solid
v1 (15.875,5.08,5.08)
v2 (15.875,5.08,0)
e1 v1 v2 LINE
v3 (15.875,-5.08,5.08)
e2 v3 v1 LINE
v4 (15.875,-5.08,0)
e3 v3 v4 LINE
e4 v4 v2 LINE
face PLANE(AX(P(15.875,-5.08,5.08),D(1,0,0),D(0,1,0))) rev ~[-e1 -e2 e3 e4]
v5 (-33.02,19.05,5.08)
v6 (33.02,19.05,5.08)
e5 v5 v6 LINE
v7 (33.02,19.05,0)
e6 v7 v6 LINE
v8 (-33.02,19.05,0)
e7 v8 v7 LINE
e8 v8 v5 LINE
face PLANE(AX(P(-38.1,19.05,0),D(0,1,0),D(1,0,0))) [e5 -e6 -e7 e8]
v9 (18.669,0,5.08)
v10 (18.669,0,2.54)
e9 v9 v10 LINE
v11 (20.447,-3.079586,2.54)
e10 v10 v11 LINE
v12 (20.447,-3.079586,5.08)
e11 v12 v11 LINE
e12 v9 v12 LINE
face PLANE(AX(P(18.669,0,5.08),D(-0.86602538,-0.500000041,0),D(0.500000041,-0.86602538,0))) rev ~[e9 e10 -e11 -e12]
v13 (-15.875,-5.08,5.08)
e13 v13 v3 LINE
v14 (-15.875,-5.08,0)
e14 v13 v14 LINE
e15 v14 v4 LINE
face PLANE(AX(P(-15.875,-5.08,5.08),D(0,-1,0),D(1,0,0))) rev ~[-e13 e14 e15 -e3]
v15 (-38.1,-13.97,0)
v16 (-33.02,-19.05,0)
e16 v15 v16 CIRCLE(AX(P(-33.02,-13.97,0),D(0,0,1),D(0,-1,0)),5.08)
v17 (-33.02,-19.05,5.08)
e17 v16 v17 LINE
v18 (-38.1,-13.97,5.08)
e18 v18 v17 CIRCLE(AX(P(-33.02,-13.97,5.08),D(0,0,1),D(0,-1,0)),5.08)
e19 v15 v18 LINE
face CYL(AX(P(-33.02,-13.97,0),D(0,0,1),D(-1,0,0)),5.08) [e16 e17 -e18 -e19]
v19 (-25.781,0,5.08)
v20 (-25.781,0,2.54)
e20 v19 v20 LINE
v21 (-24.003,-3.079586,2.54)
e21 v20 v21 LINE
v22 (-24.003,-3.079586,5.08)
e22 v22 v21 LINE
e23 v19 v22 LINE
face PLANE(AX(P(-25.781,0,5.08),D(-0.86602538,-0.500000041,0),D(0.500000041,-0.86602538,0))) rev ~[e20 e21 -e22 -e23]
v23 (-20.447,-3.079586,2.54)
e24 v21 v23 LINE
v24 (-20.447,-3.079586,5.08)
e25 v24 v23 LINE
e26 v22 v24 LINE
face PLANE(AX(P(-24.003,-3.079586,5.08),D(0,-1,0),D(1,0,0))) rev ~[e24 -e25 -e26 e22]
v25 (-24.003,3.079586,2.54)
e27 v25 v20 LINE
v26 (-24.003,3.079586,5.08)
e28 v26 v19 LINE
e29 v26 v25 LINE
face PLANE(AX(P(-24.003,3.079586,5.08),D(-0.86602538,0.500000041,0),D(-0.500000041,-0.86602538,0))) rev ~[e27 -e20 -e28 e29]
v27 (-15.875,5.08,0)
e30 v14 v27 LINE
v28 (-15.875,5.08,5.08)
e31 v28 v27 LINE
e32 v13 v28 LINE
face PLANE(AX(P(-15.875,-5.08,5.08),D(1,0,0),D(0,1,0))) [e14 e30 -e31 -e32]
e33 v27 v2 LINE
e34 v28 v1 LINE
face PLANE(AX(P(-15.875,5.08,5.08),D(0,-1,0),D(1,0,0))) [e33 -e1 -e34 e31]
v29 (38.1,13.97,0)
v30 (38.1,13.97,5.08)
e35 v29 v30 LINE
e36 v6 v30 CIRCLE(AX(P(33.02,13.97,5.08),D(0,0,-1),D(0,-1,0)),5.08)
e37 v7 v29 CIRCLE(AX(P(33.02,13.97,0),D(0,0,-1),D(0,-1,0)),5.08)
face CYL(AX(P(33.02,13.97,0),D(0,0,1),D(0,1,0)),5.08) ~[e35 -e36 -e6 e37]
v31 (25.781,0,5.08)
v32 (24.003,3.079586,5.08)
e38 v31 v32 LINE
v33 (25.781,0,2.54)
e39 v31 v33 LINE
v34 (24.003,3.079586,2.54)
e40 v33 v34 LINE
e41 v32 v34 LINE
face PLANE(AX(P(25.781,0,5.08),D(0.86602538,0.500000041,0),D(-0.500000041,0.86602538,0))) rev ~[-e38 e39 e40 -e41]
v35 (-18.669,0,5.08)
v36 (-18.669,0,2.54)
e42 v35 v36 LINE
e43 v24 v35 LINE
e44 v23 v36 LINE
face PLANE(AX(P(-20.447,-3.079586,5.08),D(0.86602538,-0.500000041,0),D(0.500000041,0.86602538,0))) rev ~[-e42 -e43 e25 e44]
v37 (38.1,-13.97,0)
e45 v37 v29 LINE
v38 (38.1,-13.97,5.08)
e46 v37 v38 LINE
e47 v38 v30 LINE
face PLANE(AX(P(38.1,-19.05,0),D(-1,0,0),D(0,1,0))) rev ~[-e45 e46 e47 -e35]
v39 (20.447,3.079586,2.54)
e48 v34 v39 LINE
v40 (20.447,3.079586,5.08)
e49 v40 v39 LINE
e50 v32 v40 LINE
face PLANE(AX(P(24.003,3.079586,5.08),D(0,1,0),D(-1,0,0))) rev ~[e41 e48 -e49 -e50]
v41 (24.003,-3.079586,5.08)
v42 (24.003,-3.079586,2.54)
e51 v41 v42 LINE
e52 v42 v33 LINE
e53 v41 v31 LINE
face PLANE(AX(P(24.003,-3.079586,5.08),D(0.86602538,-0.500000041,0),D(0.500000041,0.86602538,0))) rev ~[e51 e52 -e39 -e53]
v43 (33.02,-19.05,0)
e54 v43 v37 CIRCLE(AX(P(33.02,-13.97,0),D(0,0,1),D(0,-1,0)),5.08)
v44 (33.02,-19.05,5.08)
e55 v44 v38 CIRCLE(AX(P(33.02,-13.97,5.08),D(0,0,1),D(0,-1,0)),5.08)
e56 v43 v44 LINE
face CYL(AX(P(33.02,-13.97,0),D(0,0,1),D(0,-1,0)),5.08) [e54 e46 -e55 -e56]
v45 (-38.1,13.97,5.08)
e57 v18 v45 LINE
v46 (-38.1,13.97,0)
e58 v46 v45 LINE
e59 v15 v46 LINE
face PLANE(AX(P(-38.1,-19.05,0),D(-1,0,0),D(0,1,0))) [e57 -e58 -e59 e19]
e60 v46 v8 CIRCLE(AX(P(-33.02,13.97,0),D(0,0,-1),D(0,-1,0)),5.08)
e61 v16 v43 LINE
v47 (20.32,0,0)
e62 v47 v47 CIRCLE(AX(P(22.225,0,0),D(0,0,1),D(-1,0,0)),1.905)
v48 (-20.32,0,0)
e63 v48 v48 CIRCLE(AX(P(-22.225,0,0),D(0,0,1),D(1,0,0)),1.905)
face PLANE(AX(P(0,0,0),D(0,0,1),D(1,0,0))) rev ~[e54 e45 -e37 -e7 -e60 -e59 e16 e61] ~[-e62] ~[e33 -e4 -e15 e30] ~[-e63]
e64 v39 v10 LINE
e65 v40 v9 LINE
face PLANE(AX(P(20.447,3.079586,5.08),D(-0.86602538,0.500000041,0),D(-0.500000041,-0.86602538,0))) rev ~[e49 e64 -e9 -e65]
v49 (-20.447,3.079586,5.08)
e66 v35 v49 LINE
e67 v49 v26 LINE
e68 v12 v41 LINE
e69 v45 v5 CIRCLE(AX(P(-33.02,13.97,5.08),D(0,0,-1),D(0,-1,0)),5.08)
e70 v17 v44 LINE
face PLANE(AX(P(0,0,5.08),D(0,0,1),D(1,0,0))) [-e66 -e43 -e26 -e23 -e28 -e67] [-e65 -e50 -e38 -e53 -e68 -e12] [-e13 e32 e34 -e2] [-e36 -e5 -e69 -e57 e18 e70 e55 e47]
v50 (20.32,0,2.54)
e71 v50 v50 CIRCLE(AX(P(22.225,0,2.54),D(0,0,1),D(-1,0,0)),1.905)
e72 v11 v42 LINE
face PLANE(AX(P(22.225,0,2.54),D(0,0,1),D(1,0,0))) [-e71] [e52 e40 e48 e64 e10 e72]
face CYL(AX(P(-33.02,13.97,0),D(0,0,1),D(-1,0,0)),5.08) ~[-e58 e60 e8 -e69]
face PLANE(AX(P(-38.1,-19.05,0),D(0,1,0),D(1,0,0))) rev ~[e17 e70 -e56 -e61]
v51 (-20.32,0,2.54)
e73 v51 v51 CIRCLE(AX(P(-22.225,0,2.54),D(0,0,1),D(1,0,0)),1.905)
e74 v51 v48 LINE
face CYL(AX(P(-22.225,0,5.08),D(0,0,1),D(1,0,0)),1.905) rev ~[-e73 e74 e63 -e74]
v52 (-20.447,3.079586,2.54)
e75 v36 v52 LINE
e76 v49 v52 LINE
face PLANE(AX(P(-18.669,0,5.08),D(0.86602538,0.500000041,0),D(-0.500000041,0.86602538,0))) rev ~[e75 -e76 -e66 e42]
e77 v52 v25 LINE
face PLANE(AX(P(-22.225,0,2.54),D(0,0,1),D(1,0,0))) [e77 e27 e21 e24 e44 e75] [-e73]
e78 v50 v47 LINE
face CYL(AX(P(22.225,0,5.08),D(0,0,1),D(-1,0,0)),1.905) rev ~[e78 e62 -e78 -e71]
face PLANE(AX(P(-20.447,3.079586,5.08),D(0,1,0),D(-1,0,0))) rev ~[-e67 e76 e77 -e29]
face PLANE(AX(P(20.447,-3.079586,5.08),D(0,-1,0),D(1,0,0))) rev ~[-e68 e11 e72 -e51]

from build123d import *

# Parameters (mm, degrees)
F0_W     = 76.2
F0_H     = 38.1
F1_DEPTH = 5.08
F2_W     = 31.75
F2_H     = 10.16
F3_DEPTH = 5.08
F4_R     = 1.905
F5_DEPTH = 5.08
F7_DEPTH = 2.54
F8_R     = 5.08


with BuildPart() as f1:
    # F0 (on Top) → F1 (new body)
    with BuildSketch(Plane.XY):
        Rectangle(F0_W, F0_H)
    extrude(amount=F1_DEPTH)

    # F2 (on face) → F3 (cut, through all)
    with BuildSketch(Plane.XY.offset(5.08)):
        Rectangle(F2_W, F2_H)
    extrude(amount=-F3_DEPTH, mode=Mode.SUBTRACT)

    # F4 (on face) → F5 (cut, through all)
    with BuildSketch(Plane.XY.offset(5.08)):
        with Locations((-22.225, 0)):
            Circle(F4_R)
        with BuildLine():
            ThreePointArc((24.13, 0), (22.225, 1.905), (20.32, 0))
            ThreePointArc((20.32, 0), (22.225, -1.905), (24.13, 0))
        make_face()
    extrude(amount=-F5_DEPTH, mode=Mode.SUBTRACT)

    # F6 (on face) → F7 (cut)
    with BuildSketch(Plane.XY.offset(5.08)):
        Polygon((-18.669, 0), (-20.447, 3.079586), (-24.003, 3.079586), (-25.781, 0), (-24.003, -3.079586), (-20.447, -3.079586), align=None)
        Polygon((25.781, 0), (24.003, 3.079586), (20.447, 3.079586), (18.669, 0), (20.447, -3.079586), (24.003, -3.079586), align=None)
    extrude(amount=-F7_DEPTH, mode=Mode.SUBTRACT)

    # F8
    f8_edges = [f1.edges().sort_by_distance(p)[0] for p in [
        (38.1, -19.05, 2.54),
        (38.1, 19.05, 2.54),
        (-38.1, 19.05, 2.54),
        (-38.1, -19.05, 2.54),
    ]]
    fillet(f8_edges, radius=F8_R)


solid = f1.part
